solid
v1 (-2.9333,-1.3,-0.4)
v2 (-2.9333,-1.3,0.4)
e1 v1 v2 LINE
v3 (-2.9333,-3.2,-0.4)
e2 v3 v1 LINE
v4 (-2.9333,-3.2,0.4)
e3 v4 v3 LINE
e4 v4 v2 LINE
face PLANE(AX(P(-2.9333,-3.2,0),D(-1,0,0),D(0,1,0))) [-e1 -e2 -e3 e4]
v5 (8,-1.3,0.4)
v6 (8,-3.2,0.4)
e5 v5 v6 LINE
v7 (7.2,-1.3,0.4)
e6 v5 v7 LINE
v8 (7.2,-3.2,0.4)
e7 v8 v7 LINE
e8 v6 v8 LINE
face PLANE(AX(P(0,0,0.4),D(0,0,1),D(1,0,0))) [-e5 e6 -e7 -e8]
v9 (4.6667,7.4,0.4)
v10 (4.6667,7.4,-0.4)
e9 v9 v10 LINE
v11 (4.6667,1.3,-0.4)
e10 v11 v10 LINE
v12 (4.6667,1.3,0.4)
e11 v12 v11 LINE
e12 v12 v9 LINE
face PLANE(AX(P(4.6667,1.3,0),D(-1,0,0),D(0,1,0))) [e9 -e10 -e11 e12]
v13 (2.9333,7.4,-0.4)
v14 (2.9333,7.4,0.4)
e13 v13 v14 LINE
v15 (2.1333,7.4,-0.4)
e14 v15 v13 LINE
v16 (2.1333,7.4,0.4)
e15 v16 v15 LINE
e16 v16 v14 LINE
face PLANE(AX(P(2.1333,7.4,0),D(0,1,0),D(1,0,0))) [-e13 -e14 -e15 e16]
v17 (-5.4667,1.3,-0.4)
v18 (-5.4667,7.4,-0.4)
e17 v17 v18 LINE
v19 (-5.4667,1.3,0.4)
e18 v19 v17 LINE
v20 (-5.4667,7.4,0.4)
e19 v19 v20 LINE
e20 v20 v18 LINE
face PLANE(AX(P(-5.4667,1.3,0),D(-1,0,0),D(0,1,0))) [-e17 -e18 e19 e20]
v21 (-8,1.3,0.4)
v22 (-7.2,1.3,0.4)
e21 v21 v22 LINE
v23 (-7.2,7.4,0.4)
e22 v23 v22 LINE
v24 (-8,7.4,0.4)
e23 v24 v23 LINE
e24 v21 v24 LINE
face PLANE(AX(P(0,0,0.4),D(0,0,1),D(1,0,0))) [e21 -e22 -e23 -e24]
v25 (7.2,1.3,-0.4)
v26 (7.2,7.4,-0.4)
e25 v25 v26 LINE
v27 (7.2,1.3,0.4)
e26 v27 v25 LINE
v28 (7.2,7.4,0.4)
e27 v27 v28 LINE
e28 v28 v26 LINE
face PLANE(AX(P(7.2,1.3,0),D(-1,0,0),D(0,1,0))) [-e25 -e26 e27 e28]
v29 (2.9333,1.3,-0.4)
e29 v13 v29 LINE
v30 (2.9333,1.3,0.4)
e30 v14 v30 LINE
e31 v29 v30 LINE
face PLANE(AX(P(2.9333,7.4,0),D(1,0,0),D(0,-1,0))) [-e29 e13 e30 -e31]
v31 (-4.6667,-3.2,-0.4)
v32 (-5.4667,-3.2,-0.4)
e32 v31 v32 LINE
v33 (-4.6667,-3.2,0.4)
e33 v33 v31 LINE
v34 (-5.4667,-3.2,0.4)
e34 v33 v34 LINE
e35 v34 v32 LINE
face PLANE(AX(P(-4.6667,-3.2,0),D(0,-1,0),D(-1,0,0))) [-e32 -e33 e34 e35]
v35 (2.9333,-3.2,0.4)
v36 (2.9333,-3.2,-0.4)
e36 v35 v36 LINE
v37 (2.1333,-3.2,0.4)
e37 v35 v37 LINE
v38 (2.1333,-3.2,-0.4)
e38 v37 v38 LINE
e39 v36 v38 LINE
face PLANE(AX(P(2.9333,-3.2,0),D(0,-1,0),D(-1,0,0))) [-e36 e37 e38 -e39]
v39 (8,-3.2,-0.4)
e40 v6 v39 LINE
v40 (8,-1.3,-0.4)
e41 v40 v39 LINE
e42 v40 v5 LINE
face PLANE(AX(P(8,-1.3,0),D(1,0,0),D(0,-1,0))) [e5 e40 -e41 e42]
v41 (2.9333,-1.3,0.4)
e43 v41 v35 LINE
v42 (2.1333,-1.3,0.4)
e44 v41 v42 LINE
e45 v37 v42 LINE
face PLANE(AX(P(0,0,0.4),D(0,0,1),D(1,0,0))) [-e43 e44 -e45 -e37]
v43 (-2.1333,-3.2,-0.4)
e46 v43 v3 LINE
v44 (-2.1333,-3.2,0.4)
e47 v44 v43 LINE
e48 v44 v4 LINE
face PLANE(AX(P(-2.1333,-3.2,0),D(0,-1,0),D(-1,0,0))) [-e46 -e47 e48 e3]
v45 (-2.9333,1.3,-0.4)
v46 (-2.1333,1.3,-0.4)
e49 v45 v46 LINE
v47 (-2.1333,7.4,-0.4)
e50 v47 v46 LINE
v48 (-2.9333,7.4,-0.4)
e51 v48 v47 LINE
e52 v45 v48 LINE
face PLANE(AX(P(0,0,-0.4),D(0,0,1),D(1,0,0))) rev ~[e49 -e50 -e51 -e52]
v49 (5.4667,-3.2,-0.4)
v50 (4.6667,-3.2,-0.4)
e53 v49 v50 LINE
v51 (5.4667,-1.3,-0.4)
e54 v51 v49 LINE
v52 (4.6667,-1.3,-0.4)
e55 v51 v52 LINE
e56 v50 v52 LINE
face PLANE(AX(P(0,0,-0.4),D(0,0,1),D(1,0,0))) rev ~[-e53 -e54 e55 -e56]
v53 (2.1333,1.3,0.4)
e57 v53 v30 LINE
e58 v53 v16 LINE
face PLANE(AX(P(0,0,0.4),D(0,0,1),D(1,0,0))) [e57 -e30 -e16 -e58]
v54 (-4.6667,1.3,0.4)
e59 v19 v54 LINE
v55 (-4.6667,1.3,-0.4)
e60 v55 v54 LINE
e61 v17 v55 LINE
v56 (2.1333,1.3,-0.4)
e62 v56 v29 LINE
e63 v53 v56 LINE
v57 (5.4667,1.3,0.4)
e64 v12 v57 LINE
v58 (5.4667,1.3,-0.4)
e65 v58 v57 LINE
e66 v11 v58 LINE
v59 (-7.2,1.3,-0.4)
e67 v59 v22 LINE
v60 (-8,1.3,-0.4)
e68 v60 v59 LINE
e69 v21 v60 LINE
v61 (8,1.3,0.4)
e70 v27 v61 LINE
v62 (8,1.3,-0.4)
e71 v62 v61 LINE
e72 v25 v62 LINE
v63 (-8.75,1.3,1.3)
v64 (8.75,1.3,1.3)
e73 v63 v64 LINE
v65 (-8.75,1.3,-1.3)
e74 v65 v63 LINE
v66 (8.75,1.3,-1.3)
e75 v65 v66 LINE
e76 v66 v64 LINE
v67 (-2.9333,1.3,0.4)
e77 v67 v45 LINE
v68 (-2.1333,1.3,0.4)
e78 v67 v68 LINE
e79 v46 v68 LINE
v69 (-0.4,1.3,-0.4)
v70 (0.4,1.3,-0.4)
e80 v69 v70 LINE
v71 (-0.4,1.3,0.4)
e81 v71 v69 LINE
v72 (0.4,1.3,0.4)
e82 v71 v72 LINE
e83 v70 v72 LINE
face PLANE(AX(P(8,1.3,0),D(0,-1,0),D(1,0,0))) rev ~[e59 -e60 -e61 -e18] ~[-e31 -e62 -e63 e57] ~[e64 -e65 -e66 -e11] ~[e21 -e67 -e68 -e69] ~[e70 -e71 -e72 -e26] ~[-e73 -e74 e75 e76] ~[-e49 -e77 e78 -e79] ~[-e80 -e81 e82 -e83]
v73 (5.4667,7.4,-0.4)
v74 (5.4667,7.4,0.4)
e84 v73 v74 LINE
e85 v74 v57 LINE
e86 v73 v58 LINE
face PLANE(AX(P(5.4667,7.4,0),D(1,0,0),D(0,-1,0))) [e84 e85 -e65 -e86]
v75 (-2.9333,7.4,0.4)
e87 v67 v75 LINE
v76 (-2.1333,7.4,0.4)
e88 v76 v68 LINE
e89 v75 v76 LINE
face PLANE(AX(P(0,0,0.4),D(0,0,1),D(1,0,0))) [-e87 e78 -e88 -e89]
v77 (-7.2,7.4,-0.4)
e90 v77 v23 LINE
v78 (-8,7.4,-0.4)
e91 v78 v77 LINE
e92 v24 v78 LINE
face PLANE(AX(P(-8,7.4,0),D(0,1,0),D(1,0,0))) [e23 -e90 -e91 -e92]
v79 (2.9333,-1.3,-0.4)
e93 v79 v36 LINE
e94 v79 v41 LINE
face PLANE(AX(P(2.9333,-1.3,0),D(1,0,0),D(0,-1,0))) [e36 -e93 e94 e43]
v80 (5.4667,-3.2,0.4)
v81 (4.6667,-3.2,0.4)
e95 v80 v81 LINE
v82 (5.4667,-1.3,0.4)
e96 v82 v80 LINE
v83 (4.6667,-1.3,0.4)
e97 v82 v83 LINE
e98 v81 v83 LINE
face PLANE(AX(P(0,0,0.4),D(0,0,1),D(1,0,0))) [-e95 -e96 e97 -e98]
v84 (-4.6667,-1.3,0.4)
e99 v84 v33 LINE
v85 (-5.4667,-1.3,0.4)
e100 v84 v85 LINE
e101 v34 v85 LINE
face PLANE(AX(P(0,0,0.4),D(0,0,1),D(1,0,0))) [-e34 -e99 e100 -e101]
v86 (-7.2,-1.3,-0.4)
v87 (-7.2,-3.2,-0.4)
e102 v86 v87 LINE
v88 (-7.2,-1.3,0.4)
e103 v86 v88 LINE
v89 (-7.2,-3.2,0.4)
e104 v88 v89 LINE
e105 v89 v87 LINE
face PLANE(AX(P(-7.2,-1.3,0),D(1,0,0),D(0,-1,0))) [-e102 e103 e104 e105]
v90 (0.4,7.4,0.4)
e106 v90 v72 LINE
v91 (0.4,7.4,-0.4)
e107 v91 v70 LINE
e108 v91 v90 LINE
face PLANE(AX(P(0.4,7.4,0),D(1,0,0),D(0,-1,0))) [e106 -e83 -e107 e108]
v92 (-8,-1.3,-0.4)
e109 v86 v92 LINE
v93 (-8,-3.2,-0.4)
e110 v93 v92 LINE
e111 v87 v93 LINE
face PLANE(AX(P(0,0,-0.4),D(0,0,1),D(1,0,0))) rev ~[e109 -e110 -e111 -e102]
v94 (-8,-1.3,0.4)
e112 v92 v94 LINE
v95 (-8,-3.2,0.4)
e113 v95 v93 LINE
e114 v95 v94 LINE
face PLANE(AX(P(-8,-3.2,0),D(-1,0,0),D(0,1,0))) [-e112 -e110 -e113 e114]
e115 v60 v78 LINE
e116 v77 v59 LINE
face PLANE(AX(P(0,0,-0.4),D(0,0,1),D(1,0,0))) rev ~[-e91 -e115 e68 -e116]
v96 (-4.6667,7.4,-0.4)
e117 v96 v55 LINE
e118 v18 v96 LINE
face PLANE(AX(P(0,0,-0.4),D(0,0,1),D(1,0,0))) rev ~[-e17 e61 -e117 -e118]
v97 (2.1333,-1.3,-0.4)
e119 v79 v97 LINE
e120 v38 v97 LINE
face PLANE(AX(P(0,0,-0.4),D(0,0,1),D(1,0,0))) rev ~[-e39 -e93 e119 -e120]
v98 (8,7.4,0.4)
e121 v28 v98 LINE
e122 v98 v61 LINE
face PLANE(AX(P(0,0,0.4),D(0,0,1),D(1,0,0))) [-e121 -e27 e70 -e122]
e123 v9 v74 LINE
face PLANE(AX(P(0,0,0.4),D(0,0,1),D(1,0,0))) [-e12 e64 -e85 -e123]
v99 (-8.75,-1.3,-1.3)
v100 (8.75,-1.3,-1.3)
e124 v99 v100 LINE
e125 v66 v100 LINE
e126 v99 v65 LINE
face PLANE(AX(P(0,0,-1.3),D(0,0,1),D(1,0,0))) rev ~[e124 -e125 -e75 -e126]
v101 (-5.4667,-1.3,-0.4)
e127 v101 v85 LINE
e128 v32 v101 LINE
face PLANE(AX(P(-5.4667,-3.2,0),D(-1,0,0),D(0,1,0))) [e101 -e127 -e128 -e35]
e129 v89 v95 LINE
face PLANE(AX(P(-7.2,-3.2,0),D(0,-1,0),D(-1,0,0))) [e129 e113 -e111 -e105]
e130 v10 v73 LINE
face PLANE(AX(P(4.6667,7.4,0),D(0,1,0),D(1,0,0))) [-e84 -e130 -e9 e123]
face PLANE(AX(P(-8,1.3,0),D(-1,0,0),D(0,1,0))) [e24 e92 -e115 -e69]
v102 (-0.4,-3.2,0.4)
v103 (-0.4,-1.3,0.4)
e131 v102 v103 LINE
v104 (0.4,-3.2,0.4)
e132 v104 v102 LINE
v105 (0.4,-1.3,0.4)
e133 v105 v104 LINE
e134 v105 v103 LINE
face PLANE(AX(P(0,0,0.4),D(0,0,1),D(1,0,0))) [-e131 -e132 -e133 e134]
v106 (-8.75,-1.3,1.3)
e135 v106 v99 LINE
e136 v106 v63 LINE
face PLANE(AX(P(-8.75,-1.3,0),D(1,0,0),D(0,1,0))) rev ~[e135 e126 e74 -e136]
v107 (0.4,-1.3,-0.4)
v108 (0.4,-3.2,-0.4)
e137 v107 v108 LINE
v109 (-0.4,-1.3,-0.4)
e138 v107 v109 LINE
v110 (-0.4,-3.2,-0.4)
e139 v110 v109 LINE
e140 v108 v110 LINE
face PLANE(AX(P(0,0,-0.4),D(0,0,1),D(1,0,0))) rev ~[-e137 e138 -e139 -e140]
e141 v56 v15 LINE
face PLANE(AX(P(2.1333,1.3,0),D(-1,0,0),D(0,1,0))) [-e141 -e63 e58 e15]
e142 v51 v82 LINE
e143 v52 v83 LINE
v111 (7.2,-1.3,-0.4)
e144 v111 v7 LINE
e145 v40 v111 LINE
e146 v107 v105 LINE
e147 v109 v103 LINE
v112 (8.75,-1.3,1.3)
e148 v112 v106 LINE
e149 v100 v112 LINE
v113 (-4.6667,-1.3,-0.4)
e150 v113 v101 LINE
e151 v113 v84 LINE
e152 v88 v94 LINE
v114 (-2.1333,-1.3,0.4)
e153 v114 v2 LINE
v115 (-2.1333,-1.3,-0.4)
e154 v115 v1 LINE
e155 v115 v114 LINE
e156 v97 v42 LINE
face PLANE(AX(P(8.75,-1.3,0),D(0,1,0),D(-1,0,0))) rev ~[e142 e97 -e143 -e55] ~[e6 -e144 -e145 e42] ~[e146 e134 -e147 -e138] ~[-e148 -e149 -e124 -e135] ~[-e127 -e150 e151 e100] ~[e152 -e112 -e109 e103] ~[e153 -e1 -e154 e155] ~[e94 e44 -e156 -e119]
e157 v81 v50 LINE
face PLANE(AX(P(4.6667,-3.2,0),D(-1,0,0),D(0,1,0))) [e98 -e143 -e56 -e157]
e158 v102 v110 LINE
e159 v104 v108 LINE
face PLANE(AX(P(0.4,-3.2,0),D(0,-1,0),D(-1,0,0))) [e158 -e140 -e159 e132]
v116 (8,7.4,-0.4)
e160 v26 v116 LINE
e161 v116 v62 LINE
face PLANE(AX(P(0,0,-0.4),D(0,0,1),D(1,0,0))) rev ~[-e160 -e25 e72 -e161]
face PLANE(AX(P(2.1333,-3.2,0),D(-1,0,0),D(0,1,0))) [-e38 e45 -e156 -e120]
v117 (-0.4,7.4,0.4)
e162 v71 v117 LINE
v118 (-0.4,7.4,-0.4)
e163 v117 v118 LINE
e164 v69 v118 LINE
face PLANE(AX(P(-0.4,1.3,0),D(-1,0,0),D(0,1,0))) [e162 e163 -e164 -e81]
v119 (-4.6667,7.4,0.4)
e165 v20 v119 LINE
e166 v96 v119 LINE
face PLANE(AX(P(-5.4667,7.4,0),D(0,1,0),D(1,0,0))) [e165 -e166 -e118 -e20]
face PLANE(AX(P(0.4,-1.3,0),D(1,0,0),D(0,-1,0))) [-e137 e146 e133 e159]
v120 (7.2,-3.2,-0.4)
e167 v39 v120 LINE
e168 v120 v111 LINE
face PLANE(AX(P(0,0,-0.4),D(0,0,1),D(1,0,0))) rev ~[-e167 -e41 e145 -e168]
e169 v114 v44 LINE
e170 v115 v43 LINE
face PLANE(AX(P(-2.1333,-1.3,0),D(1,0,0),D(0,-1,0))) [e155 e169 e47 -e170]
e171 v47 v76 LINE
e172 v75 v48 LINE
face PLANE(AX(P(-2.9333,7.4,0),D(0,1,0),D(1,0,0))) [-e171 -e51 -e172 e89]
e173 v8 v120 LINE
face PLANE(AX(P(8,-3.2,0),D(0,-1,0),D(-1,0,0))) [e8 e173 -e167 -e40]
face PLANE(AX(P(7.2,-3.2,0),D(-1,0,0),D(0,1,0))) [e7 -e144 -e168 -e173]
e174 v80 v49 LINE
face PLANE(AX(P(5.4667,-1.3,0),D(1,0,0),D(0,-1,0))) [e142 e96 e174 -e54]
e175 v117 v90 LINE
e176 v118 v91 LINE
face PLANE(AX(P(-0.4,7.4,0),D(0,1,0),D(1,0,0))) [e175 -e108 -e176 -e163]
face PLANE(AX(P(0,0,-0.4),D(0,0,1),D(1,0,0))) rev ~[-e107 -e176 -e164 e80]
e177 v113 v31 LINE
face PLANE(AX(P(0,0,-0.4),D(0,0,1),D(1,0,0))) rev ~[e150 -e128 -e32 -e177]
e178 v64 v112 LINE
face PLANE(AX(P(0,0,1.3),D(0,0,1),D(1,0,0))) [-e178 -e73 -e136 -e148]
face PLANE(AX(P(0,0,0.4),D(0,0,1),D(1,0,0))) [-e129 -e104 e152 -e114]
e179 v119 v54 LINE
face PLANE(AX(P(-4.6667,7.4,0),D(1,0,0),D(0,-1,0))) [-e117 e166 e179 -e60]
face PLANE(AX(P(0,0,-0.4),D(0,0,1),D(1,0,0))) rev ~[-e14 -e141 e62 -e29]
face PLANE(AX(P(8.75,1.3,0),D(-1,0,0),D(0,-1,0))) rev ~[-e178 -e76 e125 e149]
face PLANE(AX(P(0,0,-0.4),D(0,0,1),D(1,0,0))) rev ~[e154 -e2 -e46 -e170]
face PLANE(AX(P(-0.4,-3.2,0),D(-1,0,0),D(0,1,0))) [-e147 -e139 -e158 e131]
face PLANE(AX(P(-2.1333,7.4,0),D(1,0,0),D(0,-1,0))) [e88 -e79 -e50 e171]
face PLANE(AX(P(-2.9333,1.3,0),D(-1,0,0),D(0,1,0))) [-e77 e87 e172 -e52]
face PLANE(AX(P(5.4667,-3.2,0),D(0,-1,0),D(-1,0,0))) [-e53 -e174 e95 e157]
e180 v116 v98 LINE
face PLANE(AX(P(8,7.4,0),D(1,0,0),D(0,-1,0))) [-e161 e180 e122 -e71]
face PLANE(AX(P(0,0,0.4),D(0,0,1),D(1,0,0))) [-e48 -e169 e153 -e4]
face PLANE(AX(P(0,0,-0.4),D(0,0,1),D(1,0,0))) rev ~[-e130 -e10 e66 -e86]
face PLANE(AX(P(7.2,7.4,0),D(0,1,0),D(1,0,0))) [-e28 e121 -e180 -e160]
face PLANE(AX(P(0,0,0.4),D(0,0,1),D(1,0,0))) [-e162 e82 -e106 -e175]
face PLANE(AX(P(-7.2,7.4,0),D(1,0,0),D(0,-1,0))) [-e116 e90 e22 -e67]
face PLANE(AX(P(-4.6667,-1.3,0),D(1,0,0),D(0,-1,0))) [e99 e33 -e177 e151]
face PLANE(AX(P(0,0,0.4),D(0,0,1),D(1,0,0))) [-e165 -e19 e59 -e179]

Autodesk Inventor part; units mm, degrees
ref_plane "YZ Plane" through (0, 0, 0) normal (1, 0, 0) x (0, 1, 0)
ref_plane "XZ Plane" through (0, 0, 0) normal (0, 1, 0) x (-1, 0, 0)
ref_plane "XY Plane" through (0, 0, 0) normal (0, 0, 1) x (1, 0, 0)
sketch "Эскиз1" plane through (0, 0, 0) normal (0, 0, 1) x (1, 0, 0)
  line L0 (8.75, -1.3) -> (-8.75, -1.3)
  line L1 (-8.75, -1.3) -> (-8.75, 1.3)
  line L2 (-8.75, 1.3) -> (8.75, 1.3)
  line L3 (8.75, 1.3) -> (8.75, -1.3)
  line L4 (8.75, -1.3) -> (-8.75, 1.3) construction
  line L5 (-8.75, -1.3) -> (8.75, 1.3) construction
  line L6 (-8, 7.4) -> (-7.2, 7.4)
  line L7 (-7.2, 7.4) -> (-7.2, 1.3)
  line L8 (-7.2, 1.3) -> (-8, 1.3)
  line L9 (-8, 1.3) -> (-8, 7.4)
  line L10 (-8, 1.3) -> (-7.2, 1.3)
  line L11 (-7.2, -3.2) -> (-8, -3.2)
  line L12 (-7.2, -1.3) -> (-7.2, -3.2)
  line L13 (-8, -3.2) -> (-8, -1.3)
  line L14 (-4.6667, 7.4) -> (-4.6667, 1.3)
  line L15 (-5.4667, 1.3) -> (-5.4667, 7.4)
  line L16 (-5.4667, 7.4) -> (-4.6667, 7.4)
  line L17 (-5.4667, -3.2) -> (-5.4667, -1.3)
  line L18 (-4.6667, -1.3) -> (-4.6667, -3.2)
  line L19 (-4.6667, -3.2) -> (-5.4667, -3.2)
  line L20 (-2.1333, 7.4) -> (-2.1333, 1.3)
  line L21 (-2.9333, 1.3) -> (-2.9333, 7.4)
  line L22 (-2.9333, 7.4) -> (-2.1333, 7.4)
  line L23 (-2.9333, -3.2) -> (-2.9333, -1.3)
  line L24 (-2.1333, -1.3) -> (-2.1333, -3.2)
  line L25 (-2.1333, -3.2) -> (-2.9333, -3.2)
  line L26 (0.4, 7.4) -> (0.4, 1.3)
  line L27 (-0.4, 1.3) -> (-0.4, 7.4)
  line L28 (-0.4, 7.4) -> (0.4, 7.4)
  line L29 (-0.4, -3.2) -> (-0.4, -1.3)
  line L30 (0.4, -1.3) -> (0.4, -3.2)
  line L31 (0.4, -3.2) -> (-0.4, -3.2)
  line L32 (2.9333, 7.4) -> (2.9333, 1.3)
  line L33 (2.1333, 1.3) -> (2.1333, 7.4)
  line L34 (2.1333, 7.4) -> (2.9333, 7.4)
  line L35 (2.1333, -3.2) -> (2.1333, -1.3)
  line L36 (2.9333, -1.3) -> (2.9333, -3.2)
  line L37 (2.9333, -3.2) -> (2.1333, -3.2)
  line L38 (5.4667, 7.4) -> (5.4667, 1.3)
  line L39 (4.6667, 1.3) -> (4.6667, 7.4)
  line L40 (4.6667, 7.4) -> (5.4667, 7.4)
  line L41 (4.6667, -3.2) -> (4.6667, -1.3)
  line L42 (5.4667, -1.3) -> (5.4667, -3.2)
  line L43 (5.4667, -3.2) -> (4.6667, -3.2)
  line L44 (8, 7.4) -> (8, 1.3)
  line L45 (7.2, 1.3) -> (7.2, 7.4)
  line L46 (7.2, 7.4) -> (8, 7.4)
  line L47 (7.2, -3.2) -> (7.2, -1.3)
  line L48 (8, -1.3) -> (8, -3.2)
  line L49 (8, -3.2) -> (7.2, -3.2)
  point P0 (0, 0)
  point P1 (-7.6, 1.3)
  point P2 (-4.6667, 1.3)
  point P3 (-2.1333, 1.3)
  point P4 (0.4, 1.3)
  point P5 (8, 1.3)
  point P6 (2.9333, 1.3)
  point P7 (5.4667, 1.3)
  point P8 (-7.2, 1.3)
  dimension "d0" = 17.5
  dimension "d1" = 2.6
  dimension "d3" = 8.7
  dimension "d7" = 4.5
  dimension "d8" = 0.75
  dimension "d9" = 0.8
  dimension "d12" = 2.5333
extrude "Выдавливание1" add sketch "Эскиз1" against normal mid plane 2.6 contours L0 L1 L2 L3
extrude "Выдавливание2" add sketch "Эскиз1" along normal mid plane 0.8 contours L48 L49 L47 L0 | L2 L45 L46 L44 | L42 L43 L41 L0 | L2 L39 L40 L38 | L36 L37 L35 L0 | L2 L33 L34 L32 | L30 L31 L29 L0 | L2 L27 L28 L26 | L24 L25 L23 L0 | L2 L21 L22 L20 | L18 L19 L17 L0 | L2 L15 L16 L14 | L12 L11 L13 L0 | L2 L9 L6 L7
properties part number "ЛЦМК.00002.00.00.00.00.01-03"
